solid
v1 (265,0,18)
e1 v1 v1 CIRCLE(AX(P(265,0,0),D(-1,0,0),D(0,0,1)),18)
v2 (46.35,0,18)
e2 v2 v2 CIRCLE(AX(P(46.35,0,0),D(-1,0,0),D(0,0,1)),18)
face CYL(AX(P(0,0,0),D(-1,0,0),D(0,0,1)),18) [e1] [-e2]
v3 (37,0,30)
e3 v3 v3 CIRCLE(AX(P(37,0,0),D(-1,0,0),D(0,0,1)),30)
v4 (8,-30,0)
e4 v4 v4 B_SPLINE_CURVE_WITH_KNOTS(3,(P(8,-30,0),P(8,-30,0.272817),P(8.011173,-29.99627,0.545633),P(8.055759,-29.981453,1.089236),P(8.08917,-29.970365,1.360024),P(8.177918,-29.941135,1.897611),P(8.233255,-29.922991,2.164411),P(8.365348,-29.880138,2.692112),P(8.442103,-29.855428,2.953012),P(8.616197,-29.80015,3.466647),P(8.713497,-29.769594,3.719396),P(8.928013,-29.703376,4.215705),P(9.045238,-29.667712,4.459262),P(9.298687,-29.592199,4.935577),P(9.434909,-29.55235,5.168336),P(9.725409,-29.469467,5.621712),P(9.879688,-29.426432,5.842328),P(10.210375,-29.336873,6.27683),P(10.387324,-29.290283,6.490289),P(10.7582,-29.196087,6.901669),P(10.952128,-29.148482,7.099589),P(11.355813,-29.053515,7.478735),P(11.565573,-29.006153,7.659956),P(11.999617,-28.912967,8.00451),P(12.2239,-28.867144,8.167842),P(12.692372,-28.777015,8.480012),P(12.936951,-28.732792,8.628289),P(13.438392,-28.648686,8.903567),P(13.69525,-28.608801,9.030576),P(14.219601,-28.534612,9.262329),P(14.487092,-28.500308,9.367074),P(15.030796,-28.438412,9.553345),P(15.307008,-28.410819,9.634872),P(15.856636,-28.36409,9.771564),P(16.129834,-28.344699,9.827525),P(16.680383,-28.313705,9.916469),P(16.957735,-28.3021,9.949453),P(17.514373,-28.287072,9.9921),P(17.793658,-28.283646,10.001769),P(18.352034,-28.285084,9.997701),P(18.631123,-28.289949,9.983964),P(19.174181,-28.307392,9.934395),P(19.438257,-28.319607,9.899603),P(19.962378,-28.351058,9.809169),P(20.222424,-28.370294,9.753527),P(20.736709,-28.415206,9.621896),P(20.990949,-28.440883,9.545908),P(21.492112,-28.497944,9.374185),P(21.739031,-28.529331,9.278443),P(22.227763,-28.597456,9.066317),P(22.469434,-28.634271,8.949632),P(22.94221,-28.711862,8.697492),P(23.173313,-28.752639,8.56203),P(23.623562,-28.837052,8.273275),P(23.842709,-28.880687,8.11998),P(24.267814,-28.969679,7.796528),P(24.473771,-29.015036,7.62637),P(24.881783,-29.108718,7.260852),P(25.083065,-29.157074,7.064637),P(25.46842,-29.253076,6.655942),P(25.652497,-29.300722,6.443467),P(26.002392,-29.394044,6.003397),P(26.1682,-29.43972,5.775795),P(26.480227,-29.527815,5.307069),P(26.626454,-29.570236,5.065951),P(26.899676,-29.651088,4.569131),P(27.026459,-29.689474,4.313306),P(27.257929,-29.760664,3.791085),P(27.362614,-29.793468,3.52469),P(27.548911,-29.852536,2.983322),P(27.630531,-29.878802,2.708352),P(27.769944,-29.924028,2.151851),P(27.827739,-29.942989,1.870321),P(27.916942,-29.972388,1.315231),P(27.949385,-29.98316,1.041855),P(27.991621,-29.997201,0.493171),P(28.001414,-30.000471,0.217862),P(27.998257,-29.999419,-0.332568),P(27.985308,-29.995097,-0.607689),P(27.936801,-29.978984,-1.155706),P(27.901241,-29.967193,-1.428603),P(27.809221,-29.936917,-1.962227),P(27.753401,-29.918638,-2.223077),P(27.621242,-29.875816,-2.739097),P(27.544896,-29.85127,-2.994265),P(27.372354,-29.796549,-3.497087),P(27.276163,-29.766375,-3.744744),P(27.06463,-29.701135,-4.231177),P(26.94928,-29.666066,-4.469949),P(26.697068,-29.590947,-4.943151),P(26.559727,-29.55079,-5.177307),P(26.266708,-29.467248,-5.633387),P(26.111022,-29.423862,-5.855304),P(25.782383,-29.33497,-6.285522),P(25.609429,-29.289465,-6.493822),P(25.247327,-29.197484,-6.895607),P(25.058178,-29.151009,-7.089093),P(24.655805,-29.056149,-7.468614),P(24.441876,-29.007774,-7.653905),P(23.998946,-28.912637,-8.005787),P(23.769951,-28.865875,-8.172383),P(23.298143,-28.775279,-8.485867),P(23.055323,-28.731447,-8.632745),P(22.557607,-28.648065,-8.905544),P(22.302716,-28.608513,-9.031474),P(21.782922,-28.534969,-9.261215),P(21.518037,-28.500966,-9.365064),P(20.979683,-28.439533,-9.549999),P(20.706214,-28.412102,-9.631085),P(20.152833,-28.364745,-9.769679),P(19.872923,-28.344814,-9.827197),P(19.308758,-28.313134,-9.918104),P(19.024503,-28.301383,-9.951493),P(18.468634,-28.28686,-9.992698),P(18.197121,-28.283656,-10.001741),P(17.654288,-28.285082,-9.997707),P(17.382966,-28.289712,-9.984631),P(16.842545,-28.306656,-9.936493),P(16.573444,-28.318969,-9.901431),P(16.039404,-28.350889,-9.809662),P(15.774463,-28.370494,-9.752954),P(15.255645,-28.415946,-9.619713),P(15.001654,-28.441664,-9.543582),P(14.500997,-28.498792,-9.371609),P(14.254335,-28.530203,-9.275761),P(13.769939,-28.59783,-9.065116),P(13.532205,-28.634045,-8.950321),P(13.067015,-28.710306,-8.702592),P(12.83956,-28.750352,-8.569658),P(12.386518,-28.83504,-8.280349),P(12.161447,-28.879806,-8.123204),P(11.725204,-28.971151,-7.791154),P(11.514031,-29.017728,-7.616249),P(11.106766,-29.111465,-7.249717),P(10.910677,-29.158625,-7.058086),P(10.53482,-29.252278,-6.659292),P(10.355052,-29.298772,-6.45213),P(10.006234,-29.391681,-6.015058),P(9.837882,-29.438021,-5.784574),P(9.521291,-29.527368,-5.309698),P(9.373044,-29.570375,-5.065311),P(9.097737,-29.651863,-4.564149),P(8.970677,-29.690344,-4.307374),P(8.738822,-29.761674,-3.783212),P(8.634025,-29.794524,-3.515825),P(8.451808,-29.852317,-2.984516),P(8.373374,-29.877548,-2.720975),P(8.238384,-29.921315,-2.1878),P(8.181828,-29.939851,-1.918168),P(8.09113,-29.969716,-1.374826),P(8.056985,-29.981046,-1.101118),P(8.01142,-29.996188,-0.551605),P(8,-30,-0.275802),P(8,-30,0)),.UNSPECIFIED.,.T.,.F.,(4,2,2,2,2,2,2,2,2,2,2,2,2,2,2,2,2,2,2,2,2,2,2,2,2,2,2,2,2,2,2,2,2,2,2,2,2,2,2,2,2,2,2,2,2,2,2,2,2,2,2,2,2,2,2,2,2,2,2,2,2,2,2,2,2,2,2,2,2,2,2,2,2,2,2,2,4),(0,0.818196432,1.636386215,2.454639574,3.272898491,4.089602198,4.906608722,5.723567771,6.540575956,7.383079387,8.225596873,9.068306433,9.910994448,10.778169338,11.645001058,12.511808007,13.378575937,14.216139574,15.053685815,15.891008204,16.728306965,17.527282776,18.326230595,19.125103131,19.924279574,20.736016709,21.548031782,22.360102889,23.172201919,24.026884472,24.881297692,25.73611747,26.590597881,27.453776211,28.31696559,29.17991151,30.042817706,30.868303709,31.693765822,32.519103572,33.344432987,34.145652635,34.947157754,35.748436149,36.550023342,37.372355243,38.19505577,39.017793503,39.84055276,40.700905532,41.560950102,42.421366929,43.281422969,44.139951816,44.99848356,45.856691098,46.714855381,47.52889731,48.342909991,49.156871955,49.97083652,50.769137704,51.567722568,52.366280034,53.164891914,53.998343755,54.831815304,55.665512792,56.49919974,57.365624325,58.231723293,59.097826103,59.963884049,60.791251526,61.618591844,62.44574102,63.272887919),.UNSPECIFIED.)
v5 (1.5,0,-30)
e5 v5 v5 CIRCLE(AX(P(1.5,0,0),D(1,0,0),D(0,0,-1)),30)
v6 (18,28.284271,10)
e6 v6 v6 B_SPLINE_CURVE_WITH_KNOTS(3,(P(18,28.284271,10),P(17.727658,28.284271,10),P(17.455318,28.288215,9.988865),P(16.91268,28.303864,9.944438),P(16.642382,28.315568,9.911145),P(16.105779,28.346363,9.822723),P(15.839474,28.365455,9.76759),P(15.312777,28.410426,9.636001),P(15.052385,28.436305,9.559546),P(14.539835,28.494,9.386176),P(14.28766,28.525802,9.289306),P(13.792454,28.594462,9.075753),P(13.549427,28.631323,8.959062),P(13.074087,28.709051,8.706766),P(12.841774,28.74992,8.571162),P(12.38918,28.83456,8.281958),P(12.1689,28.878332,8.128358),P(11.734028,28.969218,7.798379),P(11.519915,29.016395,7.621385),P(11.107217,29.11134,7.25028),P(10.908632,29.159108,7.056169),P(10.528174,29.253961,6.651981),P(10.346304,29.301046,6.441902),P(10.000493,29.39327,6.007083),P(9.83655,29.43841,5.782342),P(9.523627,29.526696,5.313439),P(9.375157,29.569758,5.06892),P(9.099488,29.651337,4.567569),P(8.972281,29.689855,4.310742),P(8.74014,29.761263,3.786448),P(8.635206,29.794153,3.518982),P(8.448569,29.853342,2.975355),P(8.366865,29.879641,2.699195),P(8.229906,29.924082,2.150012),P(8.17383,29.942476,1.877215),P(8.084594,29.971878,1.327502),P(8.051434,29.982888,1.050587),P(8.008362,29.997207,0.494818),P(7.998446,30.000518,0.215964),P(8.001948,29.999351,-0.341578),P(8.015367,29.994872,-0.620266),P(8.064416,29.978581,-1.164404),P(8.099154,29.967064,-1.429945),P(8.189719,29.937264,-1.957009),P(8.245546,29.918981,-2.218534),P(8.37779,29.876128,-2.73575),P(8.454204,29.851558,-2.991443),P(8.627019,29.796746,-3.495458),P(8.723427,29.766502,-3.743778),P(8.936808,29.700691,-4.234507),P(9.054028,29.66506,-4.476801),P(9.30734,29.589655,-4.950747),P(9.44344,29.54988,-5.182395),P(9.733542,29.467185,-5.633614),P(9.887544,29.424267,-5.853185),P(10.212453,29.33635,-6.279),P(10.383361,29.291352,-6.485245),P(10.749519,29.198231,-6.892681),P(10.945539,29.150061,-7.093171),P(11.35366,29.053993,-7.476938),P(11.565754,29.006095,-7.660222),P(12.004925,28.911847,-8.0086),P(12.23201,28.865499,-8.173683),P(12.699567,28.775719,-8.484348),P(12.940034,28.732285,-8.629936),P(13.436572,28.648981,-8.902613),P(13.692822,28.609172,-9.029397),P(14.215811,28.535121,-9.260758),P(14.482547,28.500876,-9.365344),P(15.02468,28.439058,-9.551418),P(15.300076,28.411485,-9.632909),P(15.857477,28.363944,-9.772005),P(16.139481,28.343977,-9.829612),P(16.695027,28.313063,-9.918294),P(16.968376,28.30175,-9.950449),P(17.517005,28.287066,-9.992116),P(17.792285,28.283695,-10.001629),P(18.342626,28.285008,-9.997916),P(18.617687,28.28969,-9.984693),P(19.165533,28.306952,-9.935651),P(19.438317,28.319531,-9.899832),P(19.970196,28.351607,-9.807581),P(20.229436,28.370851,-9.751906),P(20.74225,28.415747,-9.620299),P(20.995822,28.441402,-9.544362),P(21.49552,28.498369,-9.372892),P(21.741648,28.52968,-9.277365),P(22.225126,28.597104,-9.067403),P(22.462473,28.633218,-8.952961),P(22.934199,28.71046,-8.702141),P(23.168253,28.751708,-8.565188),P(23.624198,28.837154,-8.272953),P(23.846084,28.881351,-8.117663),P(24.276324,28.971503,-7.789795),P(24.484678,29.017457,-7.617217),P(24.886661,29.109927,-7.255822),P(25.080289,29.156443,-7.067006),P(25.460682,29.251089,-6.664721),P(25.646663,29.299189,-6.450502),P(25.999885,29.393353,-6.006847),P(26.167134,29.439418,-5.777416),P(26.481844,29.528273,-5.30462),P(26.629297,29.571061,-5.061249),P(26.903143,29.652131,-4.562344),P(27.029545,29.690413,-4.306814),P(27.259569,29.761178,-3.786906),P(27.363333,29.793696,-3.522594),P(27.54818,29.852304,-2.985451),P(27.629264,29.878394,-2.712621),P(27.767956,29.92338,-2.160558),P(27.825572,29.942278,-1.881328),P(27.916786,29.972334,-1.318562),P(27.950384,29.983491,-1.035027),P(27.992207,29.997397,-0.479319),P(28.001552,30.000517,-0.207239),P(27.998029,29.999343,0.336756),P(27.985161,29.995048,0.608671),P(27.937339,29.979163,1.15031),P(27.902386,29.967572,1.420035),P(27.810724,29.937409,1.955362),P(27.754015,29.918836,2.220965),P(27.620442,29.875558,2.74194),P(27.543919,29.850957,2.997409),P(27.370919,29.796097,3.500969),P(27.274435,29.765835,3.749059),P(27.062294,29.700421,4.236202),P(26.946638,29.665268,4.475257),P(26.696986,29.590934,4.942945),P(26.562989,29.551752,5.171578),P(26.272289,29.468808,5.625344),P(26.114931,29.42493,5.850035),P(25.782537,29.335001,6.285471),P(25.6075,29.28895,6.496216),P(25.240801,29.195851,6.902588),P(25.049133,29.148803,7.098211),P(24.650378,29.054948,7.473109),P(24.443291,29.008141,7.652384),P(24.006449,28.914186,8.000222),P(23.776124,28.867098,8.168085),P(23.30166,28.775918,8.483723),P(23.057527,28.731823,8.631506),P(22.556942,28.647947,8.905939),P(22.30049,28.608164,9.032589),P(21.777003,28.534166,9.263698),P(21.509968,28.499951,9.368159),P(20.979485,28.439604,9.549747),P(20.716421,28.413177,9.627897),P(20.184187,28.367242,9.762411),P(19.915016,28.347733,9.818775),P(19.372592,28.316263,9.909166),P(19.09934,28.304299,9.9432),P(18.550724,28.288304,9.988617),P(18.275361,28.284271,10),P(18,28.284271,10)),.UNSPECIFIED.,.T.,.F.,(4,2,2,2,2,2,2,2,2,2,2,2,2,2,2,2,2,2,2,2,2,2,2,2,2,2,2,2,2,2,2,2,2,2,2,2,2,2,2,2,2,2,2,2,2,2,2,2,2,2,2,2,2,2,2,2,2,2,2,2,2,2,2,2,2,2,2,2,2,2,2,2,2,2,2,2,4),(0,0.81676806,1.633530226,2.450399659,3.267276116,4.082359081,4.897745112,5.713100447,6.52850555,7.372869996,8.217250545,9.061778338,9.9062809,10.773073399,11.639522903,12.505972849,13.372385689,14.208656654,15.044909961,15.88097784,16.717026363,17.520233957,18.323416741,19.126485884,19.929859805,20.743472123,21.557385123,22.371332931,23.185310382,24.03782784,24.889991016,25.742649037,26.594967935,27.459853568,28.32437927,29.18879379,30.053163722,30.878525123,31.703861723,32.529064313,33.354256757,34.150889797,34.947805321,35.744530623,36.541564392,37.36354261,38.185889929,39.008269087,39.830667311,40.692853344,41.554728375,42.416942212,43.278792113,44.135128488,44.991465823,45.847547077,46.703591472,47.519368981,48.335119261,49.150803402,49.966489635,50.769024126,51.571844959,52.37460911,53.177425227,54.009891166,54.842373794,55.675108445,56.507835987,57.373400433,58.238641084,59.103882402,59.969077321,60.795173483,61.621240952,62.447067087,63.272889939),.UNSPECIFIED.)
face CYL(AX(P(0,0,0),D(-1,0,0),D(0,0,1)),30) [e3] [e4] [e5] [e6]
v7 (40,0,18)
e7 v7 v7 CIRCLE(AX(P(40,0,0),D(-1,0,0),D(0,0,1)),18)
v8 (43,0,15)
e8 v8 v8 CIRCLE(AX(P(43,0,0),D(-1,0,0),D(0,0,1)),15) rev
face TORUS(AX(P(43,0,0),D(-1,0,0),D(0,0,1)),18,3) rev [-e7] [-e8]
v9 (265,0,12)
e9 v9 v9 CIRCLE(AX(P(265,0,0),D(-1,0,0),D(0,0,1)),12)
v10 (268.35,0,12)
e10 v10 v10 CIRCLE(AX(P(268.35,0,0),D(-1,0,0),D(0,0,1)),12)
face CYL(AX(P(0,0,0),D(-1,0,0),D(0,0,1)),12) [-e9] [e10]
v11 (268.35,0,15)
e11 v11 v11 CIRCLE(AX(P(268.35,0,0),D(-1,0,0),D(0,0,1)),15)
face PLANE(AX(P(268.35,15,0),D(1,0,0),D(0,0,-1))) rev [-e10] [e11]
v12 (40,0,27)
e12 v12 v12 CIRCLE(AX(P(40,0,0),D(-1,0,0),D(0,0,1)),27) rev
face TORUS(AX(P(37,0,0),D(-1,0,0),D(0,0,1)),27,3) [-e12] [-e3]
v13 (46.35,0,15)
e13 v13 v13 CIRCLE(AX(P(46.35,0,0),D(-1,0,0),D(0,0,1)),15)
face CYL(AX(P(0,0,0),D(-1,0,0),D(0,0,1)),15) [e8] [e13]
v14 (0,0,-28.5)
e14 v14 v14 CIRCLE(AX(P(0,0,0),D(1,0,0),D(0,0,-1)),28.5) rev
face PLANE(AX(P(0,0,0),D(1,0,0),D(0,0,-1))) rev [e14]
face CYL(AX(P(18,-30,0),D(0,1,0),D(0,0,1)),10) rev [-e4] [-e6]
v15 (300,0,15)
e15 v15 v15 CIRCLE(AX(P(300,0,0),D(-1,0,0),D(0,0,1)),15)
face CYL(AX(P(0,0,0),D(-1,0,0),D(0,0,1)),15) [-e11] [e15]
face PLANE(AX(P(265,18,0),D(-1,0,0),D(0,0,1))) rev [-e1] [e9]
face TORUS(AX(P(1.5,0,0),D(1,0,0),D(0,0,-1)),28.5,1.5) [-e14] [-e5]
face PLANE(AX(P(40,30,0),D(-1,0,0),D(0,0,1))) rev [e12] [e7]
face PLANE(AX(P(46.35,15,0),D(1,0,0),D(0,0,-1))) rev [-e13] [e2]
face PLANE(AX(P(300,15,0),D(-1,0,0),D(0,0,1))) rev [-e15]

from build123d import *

# Parameters (mm, degrees)
FILLET1_R               = 1.5
CUT_EXTRUDE1_DEPTH      = 303.985148161
CUT_EXTRUDE1_DEPTH_BACK = 303.985148161
SKETCH2_R               = 10
FILLET2_R               = 3


with BuildPart() as part:
    # Sketch1 → Revolve1 (revolve)
    with BuildSketch(Plane.XY, mode=Mode.PRIVATE) as revolve1_sk:
        Polygon((0, 0), (0, 30), (40, 30), (40, 15), (46.35, 15), (46.35, 18), (265, 18), (265, 12), (268.35, 12), (268.35, 15), (300, 15), (300, 0), align=None)
    revolve(revolve1_sk.sketch.rotate(Axis((0, 0, 0), (1, 0, 0)), 90), axis=Axis((0, 0, 0), (1, 0, 0)))

    # Fillet1
    fillet1_edges = [part.edges().sort_by_distance(p)[0] for p in [
        (0, 0, -30),
    ]]
    fillet(fillet1_edges, radius=FILLET1_R)

    # Sketch2 → Cut-Extrude1 (cut, two sides: drawn at the far end of the back side and taken through both)
    with BuildSketch(Plane(origin=(0, 0, 0), x_dir=(1, 0, 0), z_dir=(0, 1, 0)).offset(-CUT_EXTRUDE1_DEPTH_BACK)):
        with Locations(Location((18, 0, 0), (0, 0, 270))):
            Circle(SKETCH2_R)
    extrude(amount=CUT_EXTRUDE1_DEPTH + CUT_EXTRUDE1_DEPTH_BACK, mode=Mode.SUBTRACT)

    # Fillet2
    fillet2_edges = [part.edges().sort_by_distance(p)[0] for p in [
        (40, 0, -15),
        (40, 0, -30),
    ]]
    fillet(fillet2_edges, radius=FILLET2_R)


solid = part.part
